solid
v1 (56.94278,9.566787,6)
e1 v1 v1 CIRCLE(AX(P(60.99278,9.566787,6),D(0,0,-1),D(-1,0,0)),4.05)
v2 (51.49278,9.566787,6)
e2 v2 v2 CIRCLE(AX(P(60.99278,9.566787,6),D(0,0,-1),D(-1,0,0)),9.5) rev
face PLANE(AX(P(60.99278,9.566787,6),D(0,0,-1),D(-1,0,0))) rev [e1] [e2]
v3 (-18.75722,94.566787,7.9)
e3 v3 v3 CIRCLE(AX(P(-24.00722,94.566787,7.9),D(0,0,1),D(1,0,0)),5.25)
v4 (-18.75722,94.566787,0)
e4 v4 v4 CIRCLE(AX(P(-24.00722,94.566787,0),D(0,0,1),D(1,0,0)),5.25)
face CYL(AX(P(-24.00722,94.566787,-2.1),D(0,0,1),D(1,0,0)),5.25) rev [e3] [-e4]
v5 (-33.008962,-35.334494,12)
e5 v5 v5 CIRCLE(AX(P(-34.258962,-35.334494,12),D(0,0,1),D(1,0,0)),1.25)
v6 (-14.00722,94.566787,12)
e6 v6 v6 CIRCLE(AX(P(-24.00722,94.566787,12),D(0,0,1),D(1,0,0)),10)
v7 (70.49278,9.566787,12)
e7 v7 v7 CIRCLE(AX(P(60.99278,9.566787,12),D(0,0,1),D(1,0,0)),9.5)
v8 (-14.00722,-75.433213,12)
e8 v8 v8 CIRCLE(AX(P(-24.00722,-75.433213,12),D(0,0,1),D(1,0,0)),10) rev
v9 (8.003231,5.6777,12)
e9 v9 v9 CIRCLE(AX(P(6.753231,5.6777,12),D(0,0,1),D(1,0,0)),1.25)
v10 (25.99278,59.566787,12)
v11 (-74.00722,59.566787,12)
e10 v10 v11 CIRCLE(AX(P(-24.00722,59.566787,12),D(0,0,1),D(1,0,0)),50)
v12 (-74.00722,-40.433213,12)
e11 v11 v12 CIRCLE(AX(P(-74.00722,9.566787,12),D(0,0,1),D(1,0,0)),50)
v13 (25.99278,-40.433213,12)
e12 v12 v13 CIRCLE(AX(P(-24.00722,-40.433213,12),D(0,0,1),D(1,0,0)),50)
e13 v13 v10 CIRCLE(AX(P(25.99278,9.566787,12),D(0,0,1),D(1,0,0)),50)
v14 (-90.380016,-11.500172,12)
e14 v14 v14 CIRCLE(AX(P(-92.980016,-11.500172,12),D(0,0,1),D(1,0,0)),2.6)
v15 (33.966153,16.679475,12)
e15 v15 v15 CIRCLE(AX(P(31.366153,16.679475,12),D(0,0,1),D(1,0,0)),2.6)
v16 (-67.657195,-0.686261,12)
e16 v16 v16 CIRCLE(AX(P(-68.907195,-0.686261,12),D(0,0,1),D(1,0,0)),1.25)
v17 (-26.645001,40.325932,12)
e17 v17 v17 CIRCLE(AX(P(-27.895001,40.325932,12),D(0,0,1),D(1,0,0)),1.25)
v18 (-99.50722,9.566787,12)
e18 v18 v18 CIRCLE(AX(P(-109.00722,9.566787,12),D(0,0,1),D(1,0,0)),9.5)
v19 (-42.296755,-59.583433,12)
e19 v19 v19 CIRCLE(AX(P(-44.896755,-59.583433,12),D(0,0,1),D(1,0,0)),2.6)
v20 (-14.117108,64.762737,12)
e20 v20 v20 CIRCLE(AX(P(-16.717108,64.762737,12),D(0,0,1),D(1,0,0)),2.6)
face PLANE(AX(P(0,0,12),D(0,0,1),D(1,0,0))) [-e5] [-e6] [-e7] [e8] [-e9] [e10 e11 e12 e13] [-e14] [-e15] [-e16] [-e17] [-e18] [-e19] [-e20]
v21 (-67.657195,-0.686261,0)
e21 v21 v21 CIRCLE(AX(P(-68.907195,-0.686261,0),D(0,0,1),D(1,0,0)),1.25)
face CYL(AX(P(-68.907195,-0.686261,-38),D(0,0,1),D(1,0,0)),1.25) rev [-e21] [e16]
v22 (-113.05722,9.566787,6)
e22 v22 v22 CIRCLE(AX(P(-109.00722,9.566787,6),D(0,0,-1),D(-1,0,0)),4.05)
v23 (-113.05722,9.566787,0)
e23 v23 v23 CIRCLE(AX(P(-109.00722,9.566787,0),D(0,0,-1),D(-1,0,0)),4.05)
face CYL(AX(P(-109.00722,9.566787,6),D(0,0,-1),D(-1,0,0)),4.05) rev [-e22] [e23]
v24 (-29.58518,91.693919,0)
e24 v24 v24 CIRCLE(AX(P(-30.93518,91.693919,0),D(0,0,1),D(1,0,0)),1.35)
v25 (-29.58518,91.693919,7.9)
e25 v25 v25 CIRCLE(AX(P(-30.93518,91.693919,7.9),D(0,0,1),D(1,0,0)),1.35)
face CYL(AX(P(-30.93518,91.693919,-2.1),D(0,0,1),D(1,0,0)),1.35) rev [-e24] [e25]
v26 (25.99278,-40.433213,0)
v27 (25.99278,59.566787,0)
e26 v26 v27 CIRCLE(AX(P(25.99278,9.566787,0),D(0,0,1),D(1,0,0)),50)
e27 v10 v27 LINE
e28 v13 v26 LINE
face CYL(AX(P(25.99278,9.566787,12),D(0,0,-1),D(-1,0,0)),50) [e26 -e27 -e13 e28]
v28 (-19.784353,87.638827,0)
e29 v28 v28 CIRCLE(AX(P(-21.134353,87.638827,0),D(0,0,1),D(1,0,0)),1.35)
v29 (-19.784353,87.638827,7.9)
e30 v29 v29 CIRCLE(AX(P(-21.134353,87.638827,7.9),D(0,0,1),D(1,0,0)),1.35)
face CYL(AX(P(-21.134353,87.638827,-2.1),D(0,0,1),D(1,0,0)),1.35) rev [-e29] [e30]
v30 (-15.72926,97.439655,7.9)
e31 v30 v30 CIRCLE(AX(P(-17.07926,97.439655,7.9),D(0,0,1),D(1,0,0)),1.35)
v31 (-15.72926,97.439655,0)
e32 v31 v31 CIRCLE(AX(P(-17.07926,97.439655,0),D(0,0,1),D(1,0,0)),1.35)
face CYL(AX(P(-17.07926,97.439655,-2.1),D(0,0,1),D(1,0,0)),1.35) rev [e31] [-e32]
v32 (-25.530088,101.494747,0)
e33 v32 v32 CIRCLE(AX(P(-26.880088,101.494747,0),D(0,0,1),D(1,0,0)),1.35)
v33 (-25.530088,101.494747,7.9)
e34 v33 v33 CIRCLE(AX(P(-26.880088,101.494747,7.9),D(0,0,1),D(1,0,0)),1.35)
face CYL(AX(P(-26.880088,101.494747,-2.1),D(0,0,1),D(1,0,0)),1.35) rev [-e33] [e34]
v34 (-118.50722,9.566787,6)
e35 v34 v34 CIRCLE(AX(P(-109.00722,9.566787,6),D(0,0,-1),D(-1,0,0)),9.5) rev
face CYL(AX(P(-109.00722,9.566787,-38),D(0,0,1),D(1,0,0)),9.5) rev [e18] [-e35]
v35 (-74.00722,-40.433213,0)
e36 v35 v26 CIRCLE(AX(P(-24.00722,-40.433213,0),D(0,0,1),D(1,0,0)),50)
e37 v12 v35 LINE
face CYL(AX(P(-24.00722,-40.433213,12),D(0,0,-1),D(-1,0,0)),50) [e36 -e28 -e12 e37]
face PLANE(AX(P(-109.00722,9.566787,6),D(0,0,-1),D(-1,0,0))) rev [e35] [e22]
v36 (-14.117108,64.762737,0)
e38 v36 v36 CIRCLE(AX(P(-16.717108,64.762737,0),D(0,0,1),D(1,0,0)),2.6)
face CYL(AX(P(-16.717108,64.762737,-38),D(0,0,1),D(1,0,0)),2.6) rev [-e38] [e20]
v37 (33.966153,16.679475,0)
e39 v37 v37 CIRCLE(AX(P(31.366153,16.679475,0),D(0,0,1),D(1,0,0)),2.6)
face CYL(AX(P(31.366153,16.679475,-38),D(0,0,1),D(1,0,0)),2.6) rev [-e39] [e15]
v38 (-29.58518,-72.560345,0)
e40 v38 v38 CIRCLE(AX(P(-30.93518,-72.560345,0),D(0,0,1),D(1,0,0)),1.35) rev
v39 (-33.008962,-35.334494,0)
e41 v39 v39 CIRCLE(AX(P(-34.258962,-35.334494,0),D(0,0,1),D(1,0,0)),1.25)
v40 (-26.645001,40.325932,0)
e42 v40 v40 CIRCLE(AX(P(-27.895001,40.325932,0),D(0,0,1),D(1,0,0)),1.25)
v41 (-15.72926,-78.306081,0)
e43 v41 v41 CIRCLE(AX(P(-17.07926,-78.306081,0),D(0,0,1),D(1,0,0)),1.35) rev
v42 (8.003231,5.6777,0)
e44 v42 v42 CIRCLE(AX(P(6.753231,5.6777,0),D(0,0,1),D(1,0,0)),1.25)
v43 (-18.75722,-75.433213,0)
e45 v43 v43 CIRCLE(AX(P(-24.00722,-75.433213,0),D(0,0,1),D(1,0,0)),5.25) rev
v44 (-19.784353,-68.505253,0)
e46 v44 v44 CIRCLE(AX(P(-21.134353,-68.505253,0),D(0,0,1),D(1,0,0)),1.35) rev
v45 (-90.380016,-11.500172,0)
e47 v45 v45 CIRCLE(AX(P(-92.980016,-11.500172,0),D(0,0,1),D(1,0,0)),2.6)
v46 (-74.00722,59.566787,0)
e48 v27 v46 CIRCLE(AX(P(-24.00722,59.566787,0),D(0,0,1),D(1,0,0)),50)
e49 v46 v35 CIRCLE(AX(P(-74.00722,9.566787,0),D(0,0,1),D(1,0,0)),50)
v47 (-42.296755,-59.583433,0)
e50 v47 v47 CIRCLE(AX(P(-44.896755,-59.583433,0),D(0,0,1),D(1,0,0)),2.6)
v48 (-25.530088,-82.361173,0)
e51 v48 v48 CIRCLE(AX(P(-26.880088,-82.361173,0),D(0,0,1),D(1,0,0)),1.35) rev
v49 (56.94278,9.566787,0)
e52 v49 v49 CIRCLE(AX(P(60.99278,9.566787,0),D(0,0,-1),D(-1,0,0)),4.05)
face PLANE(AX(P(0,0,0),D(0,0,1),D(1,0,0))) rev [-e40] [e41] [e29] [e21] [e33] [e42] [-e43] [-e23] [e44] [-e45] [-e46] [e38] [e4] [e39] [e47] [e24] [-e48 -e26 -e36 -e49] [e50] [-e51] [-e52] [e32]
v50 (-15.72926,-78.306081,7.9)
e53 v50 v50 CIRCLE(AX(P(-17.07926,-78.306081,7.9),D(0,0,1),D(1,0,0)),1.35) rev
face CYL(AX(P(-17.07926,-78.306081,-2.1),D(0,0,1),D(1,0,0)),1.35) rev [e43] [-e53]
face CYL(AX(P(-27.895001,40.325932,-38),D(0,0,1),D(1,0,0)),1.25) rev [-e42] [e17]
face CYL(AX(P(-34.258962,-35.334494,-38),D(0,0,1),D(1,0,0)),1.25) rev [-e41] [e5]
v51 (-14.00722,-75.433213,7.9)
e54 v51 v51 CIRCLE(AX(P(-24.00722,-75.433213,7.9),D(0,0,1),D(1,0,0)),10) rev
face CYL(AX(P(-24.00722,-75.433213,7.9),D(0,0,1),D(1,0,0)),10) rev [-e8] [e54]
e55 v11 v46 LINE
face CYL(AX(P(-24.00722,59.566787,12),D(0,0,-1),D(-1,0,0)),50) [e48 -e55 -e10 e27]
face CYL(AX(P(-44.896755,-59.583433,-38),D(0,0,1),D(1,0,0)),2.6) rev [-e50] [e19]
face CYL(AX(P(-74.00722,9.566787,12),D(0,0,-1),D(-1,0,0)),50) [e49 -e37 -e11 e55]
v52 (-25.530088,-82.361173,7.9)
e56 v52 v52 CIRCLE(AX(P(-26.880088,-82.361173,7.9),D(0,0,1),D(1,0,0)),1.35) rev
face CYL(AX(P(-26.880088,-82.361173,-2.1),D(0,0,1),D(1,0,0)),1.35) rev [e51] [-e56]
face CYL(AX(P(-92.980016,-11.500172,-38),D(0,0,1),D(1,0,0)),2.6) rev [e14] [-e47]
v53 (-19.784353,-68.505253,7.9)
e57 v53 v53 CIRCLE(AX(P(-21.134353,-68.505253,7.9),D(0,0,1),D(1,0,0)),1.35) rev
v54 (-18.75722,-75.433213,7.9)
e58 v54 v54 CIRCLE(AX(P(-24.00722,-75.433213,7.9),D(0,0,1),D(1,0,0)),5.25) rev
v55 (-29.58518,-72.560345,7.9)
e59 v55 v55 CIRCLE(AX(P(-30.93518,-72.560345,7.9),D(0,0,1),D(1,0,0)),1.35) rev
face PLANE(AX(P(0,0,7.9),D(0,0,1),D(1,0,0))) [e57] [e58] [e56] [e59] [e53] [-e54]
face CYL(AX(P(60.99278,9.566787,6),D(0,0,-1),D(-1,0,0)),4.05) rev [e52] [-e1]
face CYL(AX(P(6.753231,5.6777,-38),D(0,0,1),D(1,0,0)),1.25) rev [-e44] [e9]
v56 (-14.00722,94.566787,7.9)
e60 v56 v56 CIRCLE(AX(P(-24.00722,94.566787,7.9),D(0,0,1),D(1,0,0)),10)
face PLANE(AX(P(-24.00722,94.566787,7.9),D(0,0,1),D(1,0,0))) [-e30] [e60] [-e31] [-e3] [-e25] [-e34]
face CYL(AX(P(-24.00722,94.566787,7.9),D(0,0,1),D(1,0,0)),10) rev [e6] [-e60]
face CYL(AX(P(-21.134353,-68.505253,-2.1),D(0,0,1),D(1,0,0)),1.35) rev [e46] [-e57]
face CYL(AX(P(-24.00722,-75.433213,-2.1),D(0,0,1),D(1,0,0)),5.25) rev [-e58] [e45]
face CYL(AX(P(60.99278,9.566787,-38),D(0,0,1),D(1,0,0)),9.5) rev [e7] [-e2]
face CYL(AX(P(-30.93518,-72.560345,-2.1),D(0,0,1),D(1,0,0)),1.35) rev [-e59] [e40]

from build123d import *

# Parameters (mm, degrees)
IZIM1_R                     = 4
Y_KSEKLIK_EKSTR_ZYON1_DEPTH = 12
IZIM2_R                     = 1.25
KES_EKSTR_ZYON1_DEPTH       = 50
KES_EKSTR_ZYON2_START       = -4.1
IZIM3_R                     = 10
IZIM3_R_2                   = 4
KES_EKSTR_ZYON2_DEPTH       = 4.1
KES_EKSTR_ZYON3_START       = -10
IZIM4_R                     = 1.35
IZIM4_R_2                   = 5.25
IZIM4_R_3                   = 4
KES_EKSTR_ZYON3_DEPTH       = 10
IZIM5_R                     = 9.5
KES_EKSTR_ZYON4_DEPTH       = 50
Y_KSEKLIK_EKSTR_ZYON2_START = -6
IZIM6_R                     = 9.5
IZIM6_R_2                   = 4.05
Y_KSEKLIK_EKSTR_ZYON2_DEPTH = 6
IZIM7_R                     = 2.6
KES_EKSTR_ZYON5_DEPTH       = 50


with BuildPart() as part:
    # Çizim1 → Yükseklik-Ekstrüzyon1 (new body)
    # profile 1 of 4: a face of its own
    with BuildSketch(Plane.XY):
        with BuildLine():
            Line((-24.007220217, 9.566787004), (-74.007220217, 59.566787004))
            ThreePointArc((-74.007220217, 59.566787004), (-124.007220217, 9.566787004), (-74.007220217, -40.433212996))
            Line((-74.007220217, -40.433212996), (-24.007220217, 9.566787004))
        make_face()
        with Locations((-109.007220217, 9.566787004)):
            Circle(IZIM1_R, mode=Mode.SUBTRACT)
    # profile 2 of 4: a face of its own
    with BuildSketch(Plane.XY):
        with BuildLine():
            ThreePointArc((25.992779783, 59.566787004), (-24.007220217, 109.566787004), (-74.007220217, 59.566787004))
            Line((-74.007220217, 59.566787004), (-24.007220217, 9.566787004))
            Line((-24.007220217, 9.566787004), (25.992779783, 59.566787004))
        make_face()
        with Locations((-24.007220217, 94.566787004)):
            Circle(IZIM1_R, mode=Mode.SUBTRACT)
    # profile 3 of 4: a face of its own
    with BuildSketch(Plane.XY):
        with BuildLine():
            Line((25.992779783, 59.566787004), (-24.007220217, 9.566787004))
            Line((-24.007220217, 9.566787004), (25.992779783, -40.433212996))
            ThreePointArc((25.992779783, -40.433212996), (75.992779783, 9.566787004), (25.992779783, 59.566787004))
        make_face()
        with Locations((60.992779783, 9.566787004)):
            Circle(IZIM1_R, mode=Mode.SUBTRACT)
    # profile 4 of 4: a face of its own
    with BuildSketch(Plane.XY):
        with BuildLine():
            Line((25.992779783, -40.433212996), (-24.007220217, 9.566787004))
            Line((-24.007220217, 9.566787004), (-74.007220217, -40.433212996))
            ThreePointArc((-74.007220217, -40.433212996), (-24.007220217, -90.433212996), (25.992779783, -40.433212996))
        make_face()
        with Locations((-24.007220217, -75.433212996)):
            Circle(IZIM1_R, mode=Mode.SUBTRACT)
    extrude(amount=Y_KSEKLIK_EKSTR_ZYON1_DEPTH)

    # Çizim2 → Kes-Ekstrüzyon1 (cut)
    with BuildSketch(Plane.XY.offset(12)):
        with Locations((-27.895001347, 40.325931985)):
            Circle(IZIM2_R)
        with Locations((-68.907194656, -0.686261324)):
            Circle(IZIM2_R)
        with Locations((-34.258962377, -35.334493602)):
            Circle(IZIM2_R)
        with Locations((6.753230931, 5.677699707)):
            Circle(IZIM2_R)
    extrude(amount=-KES_EKSTR_ZYON1_DEPTH, mode=Mode.SUBTRACT)

    # Çizim3 → Kes-Ekstrüzyon2 (cut)
    # profile 1 of 2: a face of its own
    with BuildSketch(Plane.XY.offset(12).offset(KES_EKSTR_ZYON2_START)):
        with Locations((-24.007220217, -75.433212996)):
            Circle(IZIM3_R)
        with Locations((-24.007220217, -75.433212996)):
            Circle(IZIM3_R_2, mode=Mode.SUBTRACT)
    # profile 2 of 2: a face of its own
    with BuildSketch(Plane.XY.offset(12).offset(KES_EKSTR_ZYON2_START)):
        with Locations((-24.007220217, 94.566787004)):
            Circle(IZIM3_R)
    extrude(amount=KES_EKSTR_ZYON2_DEPTH, mode=Mode.SUBTRACT)

    # Çizim4 → Kes-Ekstrüzyon3 (cut)
    # profile 1 of 11: a face of its own
    with BuildSketch(Plane.XY.offset(7.9).offset(KES_EKSTR_ZYON3_START)):
        with Locations((-26.880087777, -82.361173156)):
            Circle(IZIM4_R)
    # profile 2 of 11: a face of its own
    with BuildSketch(Plane.XY.offset(7.9).offset(KES_EKSTR_ZYON3_START)):
        with Locations((-17.079260057, -78.306080557)):
            Circle(IZIM4_R)
    # profile 3 of 11: a face of its own
    with BuildSketch(Plane.XY.offset(7.9).offset(KES_EKSTR_ZYON3_START)):
        with Locations((-30.935180377, -72.560345436)):
            Circle(IZIM4_R)
    # profile 4 of 11: a face of its own
    with BuildSketch(Plane.XY.offset(7.9).offset(KES_EKSTR_ZYON3_START)):
        with Locations((-21.134352656, -68.505252836)):
            Circle(IZIM4_R)
    # profile 5 of 11: a face of its own
    with BuildSketch(Plane.XY.offset(7.9).offset(KES_EKSTR_ZYON3_START)):
        with Locations((-24.007220217, -75.433212996)):
            Circle(IZIM4_R_2)
    # profile 6 of 11: a face of its own
    with BuildSketch(Plane.XY.offset(7.9).offset(KES_EKSTR_ZYON3_START)):
        with Locations((-21.134352656, 87.638826844)):
            Circle(IZIM4_R)
    # profile 7 of 11: a face of its own
    with BuildSketch(Plane.XY.offset(7.9).offset(KES_EKSTR_ZYON3_START)):
        with Locations((-30.935180377, 91.693919443)):
            Circle(IZIM4_R)
    # profile 8 of 11: a face of its own
    with BuildSketch(Plane.XY.offset(7.9).offset(KES_EKSTR_ZYON3_START)):
        with Locations((-24.007220217, 94.566787004)):
            Circle(IZIM4_R_2)
        with Locations((-24.007220217, 94.566787004)):
            Circle(IZIM4_R_3, mode=Mode.SUBTRACT)
    # profile 9 of 11: a face of its own
    with BuildSketch(Plane.XY.offset(7.9).offset(KES_EKSTR_ZYON3_START)):
        with Locations((-24.007220217, 94.566787004)):
            Circle(IZIM4_R_3)
    # profile 10 of 11: a face of its own
    with BuildSketch(Plane.XY.offset(7.9).offset(KES_EKSTR_ZYON3_START)):
        with Locations((-26.880087777, 101.494747164)):
            Circle(IZIM4_R)
    # profile 11 of 11: a face of its own
    with BuildSketch(Plane.XY.offset(7.9).offset(KES_EKSTR_ZYON3_START)):
        with Locations((-17.079260057, 97.439654564)):
            Circle(IZIM4_R)
    extrude(amount=KES_EKSTR_ZYON3_DEPTH, mode=Mode.SUBTRACT)

    # Çizim5 → Kes-Ekstrüzyon4 (cut)
    with BuildSketch(Plane.XY.offset(12)):
        with Locations((-109.007220217, 9.566787004)):
            Circle(IZIM5_R)
        with Locations((60.992779783, 9.566787004)):
            Circle(IZIM5_R)
    extrude(amount=-KES_EKSTR_ZYON4_DEPTH, mode=Mode.SUBTRACT)

    # Çizim6 → Yükseklik-Ekstrüzyon2 (add)
    # profile 1 of 2: a face of its own
    with BuildSketch(Plane(origin=(0, 0, 0), x_dir=(-1, 0, 0), z_dir=(0, 0, -1)).offset(Y_KSEKLIK_EKSTR_ZYON2_START)):
        with Locations(Location((109.007220217, 9.566787004, 0), (0, 0, 180))):
            Circle(IZIM6_R)
        with Locations((109.007220217, 9.566787004)):
            Circle(IZIM6_R_2, mode=Mode.SUBTRACT)
    # profile 2 of 2: a face of its own
    with BuildSketch(Plane(origin=(0, 0, 0), x_dir=(-1, 0, 0), z_dir=(0, 0, -1)).offset(Y_KSEKLIK_EKSTR_ZYON2_START)):
        with Locations(Location((-60.992779783, 9.566787004, 0), (0, 0, 180))):
            Circle(IZIM6_R)
        with Locations((-60.992779783, 9.566787004)):
            Circle(IZIM6_R_2, mode=Mode.SUBTRACT)
    extrude(amount=Y_KSEKLIK_EKSTR_ZYON2_DEPTH)

    # Çizim7 → Kes-Ekstrüzyon5 (cut)
    with BuildSketch(Plane.XY.offset(12)):
        with Locations((-16.717107836, 64.762736523)):
            Circle(IZIM7_R)
        with Locations((31.366153285, 16.679475402)):
            Circle(IZIM7_R)
        with Locations((-92.980015992, -11.500171633)):
            Circle(IZIM7_R)
        with Locations((-44.896754872, -59.583432754)):
            Circle(IZIM7_R)
    extrude(amount=-KES_EKSTR_ZYON5_DEPTH, mode=Mode.SUBTRACT)


solid = part.part
